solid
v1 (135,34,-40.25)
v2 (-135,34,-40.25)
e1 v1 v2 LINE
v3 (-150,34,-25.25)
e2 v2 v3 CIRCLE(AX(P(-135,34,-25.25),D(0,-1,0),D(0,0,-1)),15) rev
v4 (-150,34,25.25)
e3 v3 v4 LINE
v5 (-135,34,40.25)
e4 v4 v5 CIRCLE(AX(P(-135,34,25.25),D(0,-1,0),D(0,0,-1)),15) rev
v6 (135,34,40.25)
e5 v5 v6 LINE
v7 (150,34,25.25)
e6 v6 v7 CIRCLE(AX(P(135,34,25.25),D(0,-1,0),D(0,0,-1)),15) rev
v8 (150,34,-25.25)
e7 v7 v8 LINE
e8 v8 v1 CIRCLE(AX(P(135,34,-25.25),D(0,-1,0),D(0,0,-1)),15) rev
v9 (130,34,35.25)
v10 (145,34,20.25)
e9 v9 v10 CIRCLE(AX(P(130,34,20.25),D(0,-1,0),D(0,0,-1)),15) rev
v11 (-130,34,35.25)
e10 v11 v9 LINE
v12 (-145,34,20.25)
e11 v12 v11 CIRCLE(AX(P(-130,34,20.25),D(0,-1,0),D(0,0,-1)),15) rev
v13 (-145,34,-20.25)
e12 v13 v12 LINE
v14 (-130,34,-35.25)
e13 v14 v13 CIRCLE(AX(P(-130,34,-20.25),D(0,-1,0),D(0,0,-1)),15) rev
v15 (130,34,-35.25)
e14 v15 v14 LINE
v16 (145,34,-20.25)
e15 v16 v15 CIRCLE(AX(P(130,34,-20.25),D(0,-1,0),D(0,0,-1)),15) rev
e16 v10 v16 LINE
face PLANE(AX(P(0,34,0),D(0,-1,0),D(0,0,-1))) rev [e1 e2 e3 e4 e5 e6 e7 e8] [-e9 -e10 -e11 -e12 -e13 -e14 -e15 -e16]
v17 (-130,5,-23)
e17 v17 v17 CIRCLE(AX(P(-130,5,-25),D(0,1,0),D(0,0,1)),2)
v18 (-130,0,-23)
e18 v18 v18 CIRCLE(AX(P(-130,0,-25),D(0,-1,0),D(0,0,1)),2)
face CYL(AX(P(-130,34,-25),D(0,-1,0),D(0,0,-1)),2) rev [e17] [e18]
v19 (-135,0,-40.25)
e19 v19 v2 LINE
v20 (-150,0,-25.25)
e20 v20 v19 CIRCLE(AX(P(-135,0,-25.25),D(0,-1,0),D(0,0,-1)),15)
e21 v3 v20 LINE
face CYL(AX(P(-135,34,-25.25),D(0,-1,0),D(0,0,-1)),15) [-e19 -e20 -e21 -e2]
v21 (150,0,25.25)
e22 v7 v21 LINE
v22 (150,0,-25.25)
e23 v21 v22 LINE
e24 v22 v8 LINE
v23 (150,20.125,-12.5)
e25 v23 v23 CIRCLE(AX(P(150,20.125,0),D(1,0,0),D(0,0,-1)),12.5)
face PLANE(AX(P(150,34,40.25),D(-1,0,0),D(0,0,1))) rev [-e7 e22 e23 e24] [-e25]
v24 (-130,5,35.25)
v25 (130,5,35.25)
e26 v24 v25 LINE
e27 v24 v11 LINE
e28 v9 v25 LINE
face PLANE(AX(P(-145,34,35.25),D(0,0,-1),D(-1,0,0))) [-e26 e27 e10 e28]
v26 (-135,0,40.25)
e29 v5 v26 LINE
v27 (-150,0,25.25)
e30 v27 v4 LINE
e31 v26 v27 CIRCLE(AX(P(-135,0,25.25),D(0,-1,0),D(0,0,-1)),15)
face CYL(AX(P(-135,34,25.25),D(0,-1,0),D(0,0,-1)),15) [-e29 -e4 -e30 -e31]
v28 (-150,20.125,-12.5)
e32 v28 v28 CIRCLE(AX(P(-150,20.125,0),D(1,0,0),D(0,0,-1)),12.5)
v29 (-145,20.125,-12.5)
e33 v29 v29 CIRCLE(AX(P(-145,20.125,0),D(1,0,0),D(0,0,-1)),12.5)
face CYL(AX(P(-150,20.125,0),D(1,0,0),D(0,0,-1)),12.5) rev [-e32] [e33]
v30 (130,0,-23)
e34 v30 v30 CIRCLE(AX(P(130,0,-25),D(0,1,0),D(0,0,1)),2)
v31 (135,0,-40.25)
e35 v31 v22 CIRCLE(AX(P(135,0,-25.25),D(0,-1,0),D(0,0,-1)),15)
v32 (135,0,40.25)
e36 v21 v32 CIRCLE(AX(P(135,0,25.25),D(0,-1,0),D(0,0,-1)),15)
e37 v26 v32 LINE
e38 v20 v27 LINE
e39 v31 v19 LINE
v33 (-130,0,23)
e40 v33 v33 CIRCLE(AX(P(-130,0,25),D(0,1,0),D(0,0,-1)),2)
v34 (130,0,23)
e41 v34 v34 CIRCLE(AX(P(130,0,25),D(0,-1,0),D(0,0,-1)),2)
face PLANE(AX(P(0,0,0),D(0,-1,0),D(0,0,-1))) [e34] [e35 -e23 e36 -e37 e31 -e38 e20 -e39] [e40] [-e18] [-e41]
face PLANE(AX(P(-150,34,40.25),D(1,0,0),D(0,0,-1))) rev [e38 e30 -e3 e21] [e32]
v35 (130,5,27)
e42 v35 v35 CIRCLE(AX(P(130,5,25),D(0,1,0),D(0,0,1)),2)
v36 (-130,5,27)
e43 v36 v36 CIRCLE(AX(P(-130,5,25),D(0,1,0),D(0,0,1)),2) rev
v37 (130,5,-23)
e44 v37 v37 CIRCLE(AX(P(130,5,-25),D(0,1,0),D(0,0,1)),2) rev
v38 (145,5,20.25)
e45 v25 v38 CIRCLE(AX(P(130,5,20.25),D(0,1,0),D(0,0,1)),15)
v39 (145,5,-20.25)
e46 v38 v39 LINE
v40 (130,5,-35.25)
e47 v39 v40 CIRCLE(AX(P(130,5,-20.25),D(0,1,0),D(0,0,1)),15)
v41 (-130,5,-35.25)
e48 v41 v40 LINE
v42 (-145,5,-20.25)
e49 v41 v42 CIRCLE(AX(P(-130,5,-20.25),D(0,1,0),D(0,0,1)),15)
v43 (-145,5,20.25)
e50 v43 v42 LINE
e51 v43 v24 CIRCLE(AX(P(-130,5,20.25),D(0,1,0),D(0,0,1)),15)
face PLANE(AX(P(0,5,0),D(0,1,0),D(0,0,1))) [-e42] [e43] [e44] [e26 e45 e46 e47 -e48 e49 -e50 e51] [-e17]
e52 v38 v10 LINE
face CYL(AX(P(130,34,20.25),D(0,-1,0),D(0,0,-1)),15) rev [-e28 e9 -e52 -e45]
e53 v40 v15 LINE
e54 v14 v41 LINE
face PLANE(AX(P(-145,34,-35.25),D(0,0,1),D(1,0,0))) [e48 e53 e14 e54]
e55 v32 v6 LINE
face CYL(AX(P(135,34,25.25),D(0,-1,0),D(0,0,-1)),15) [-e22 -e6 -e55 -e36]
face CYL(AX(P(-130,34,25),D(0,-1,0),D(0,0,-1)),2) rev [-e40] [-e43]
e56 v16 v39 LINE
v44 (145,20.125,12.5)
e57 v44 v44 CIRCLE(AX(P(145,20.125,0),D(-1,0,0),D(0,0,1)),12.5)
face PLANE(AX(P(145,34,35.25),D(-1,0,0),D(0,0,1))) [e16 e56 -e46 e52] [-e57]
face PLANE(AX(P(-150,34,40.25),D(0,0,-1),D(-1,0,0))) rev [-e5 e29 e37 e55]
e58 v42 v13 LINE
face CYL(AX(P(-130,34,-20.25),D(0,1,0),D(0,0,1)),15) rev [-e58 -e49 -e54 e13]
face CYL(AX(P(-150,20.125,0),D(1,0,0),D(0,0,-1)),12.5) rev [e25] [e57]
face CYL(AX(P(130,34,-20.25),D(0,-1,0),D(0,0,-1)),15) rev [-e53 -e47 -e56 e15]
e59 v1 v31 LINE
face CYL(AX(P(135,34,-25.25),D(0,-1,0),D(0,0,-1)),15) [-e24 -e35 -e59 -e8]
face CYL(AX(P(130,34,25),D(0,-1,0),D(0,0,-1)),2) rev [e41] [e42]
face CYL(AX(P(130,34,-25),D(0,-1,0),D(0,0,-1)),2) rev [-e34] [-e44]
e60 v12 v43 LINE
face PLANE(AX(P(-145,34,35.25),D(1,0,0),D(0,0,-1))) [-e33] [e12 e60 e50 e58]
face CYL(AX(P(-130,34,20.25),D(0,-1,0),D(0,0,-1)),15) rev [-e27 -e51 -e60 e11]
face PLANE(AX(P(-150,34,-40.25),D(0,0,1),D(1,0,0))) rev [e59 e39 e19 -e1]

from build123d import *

# Parameters (mm, degrees)
SKETCH1_W               = 300
SKETCH1_H               = 80.5
SKETCH1_W_2             = 290
SKETCH1_H_2             = 70.5
BOSS_EXTRUDE1_DEPTH     = 34
SKETCH1_3_W             = 290
SKETCH1_3_H             = 70.5
BOSS_EXTRUDE2_DEPTH     = 5
FILLET1_R               = 15
FILLET2_R               = 15
FILLET3_R               = 15
FILLET4_R               = 15
FILLET5_R               = 15
FILLET6_R               = 15
FILLET7_R               = 15
FILLET8_R               = 15
SKETCH2_R               = 2
CUT_EXTRUDE1_DEPTH      = 159.984472512
MIRROR2_COPY_1_SKETCH_R = 2
MIRROR2_COPY_1_DEPTH    = 159.984472512
SKETCH3_R               = 12.5
CUT_EXTRUDE2_DEPTH      = 305.591632354


with BuildPart() as part:
    # Sketch1 → Boss-Extrude1 (new body)
    with BuildSketch(Plane(origin=(0, 0, 0), x_dir=(1, 0, 0), z_dir=(0, 1, 0))):
        Rectangle(SKETCH1_W, SKETCH1_H)
        Rectangle(SKETCH1_W_2, SKETCH1_H_2, mode=Mode.SUBTRACT)
    extrude(amount=BOSS_EXTRUDE1_DEPTH)

    # Sketch1<3> → Boss-Extrude2 (add)
    with BuildSketch(Plane(origin=(0, 0, 0), x_dir=(1, 0, 0), z_dir=(0, 1, 0))):
        Rectangle(SKETCH1_3_W, SKETCH1_3_H)
    extrude(amount=BOSS_EXTRUDE2_DEPTH)

    # Fillet1
    fillet1_edges = [part.edges().sort_by_distance(p)[0] for p in [
        (-150, 17, 40.25),
    ]]
    fillet(fillet1_edges, radius=FILLET1_R)

    # Fillet2
    fillet2_edges = [part.edges().sort_by_distance(p)[0] for p in [
        (-150, 17, -40.25),
    ]]
    fillet(fillet2_edges, radius=FILLET2_R)

    # Fillet3
    fillet3_edges = [part.edges().sort_by_distance(p)[0] for p in [
        (150, 17, -40.25),
    ]]
    fillet(fillet3_edges, radius=FILLET3_R)

    # Fillet4
    fillet4_edges = [part.edges().sort_by_distance(p)[0] for p in [
        (150, 17, 40.25),
    ]]
    fillet(fillet4_edges, radius=FILLET4_R)

    # Fillet5
    fillet5_edges = [part.edges().sort_by_distance(p)[0] for p in [
        (-145, 19.5, -35.25),
    ]]
    fillet(fillet5_edges, radius=FILLET5_R)

    # Fillet6
    fillet6_edges = [part.edges().sort_by_distance(p)[0] for p in [
        (-145, 19.5, 35.25),
    ]]
    fillet(fillet6_edges, radius=FILLET6_R)

    # Fillet7
    fillet7_edges = [part.edges().sort_by_distance(p)[0] for p in [
        (145, 19.5, -35.25),
    ]]
    fillet(fillet7_edges, radius=FILLET7_R)

    # Fillet8
    fillet8_edges = [part.edges().sort_by_distance(p)[0] for p in [
        (145, 19.5, 35.25),
    ]]
    fillet(fillet8_edges, radius=FILLET8_R)

    # Sketch2 → Cut-Extrude1 (cut, through all)
    with BuildSketch(Plane(origin=(0, 0, 0), x_dir=(-1, 0, 0), z_dir=(0, -1, 0))):
        with Locations((-130, -25)):
            Circle(SKETCH2_R)
    cut_extrude1 = extrude(amount=-CUT_EXTRUDE1_DEPTH, mode=Mode.SUBTRACT)

    # Mirror1: Cut-Extrude1 across plane
    add(cut_extrude1.mirror(Plane.XY), mode=Mode.SUBTRACT)

    # Mirror2: Cut-Extrude1 across plane
    add(cut_extrude1.mirror(Plane(origin=(0, 0, 0), x_dir=(0, 0, 1), z_dir=(1, 0, 0))), mode=Mode.SUBTRACT)

    # Mirror2 copy 1 sketch → Mirror2 copy 1 (cut, through all)
    with BuildSketch(Plane.XZ):
        with Locations((-130, -25)):
            Circle(MIRROR2_COPY_1_SKETCH_R)
    extrude(amount=-MIRROR2_COPY_1_DEPTH, mode=Mode.SUBTRACT)

    # Sketch3 → Cut-Extrude2 (cut, through all)
    with BuildSketch(Plane(origin=(150, 0, 0), x_dir=(0, 0, -1), z_dir=(1, 0, 0))):
        with Locations((0, 20.125)):
            Circle(SKETCH3_R)
    extrude(amount=-CUT_EXTRUDE2_DEPTH, mode=Mode.SUBTRACT)


solid = part.part
